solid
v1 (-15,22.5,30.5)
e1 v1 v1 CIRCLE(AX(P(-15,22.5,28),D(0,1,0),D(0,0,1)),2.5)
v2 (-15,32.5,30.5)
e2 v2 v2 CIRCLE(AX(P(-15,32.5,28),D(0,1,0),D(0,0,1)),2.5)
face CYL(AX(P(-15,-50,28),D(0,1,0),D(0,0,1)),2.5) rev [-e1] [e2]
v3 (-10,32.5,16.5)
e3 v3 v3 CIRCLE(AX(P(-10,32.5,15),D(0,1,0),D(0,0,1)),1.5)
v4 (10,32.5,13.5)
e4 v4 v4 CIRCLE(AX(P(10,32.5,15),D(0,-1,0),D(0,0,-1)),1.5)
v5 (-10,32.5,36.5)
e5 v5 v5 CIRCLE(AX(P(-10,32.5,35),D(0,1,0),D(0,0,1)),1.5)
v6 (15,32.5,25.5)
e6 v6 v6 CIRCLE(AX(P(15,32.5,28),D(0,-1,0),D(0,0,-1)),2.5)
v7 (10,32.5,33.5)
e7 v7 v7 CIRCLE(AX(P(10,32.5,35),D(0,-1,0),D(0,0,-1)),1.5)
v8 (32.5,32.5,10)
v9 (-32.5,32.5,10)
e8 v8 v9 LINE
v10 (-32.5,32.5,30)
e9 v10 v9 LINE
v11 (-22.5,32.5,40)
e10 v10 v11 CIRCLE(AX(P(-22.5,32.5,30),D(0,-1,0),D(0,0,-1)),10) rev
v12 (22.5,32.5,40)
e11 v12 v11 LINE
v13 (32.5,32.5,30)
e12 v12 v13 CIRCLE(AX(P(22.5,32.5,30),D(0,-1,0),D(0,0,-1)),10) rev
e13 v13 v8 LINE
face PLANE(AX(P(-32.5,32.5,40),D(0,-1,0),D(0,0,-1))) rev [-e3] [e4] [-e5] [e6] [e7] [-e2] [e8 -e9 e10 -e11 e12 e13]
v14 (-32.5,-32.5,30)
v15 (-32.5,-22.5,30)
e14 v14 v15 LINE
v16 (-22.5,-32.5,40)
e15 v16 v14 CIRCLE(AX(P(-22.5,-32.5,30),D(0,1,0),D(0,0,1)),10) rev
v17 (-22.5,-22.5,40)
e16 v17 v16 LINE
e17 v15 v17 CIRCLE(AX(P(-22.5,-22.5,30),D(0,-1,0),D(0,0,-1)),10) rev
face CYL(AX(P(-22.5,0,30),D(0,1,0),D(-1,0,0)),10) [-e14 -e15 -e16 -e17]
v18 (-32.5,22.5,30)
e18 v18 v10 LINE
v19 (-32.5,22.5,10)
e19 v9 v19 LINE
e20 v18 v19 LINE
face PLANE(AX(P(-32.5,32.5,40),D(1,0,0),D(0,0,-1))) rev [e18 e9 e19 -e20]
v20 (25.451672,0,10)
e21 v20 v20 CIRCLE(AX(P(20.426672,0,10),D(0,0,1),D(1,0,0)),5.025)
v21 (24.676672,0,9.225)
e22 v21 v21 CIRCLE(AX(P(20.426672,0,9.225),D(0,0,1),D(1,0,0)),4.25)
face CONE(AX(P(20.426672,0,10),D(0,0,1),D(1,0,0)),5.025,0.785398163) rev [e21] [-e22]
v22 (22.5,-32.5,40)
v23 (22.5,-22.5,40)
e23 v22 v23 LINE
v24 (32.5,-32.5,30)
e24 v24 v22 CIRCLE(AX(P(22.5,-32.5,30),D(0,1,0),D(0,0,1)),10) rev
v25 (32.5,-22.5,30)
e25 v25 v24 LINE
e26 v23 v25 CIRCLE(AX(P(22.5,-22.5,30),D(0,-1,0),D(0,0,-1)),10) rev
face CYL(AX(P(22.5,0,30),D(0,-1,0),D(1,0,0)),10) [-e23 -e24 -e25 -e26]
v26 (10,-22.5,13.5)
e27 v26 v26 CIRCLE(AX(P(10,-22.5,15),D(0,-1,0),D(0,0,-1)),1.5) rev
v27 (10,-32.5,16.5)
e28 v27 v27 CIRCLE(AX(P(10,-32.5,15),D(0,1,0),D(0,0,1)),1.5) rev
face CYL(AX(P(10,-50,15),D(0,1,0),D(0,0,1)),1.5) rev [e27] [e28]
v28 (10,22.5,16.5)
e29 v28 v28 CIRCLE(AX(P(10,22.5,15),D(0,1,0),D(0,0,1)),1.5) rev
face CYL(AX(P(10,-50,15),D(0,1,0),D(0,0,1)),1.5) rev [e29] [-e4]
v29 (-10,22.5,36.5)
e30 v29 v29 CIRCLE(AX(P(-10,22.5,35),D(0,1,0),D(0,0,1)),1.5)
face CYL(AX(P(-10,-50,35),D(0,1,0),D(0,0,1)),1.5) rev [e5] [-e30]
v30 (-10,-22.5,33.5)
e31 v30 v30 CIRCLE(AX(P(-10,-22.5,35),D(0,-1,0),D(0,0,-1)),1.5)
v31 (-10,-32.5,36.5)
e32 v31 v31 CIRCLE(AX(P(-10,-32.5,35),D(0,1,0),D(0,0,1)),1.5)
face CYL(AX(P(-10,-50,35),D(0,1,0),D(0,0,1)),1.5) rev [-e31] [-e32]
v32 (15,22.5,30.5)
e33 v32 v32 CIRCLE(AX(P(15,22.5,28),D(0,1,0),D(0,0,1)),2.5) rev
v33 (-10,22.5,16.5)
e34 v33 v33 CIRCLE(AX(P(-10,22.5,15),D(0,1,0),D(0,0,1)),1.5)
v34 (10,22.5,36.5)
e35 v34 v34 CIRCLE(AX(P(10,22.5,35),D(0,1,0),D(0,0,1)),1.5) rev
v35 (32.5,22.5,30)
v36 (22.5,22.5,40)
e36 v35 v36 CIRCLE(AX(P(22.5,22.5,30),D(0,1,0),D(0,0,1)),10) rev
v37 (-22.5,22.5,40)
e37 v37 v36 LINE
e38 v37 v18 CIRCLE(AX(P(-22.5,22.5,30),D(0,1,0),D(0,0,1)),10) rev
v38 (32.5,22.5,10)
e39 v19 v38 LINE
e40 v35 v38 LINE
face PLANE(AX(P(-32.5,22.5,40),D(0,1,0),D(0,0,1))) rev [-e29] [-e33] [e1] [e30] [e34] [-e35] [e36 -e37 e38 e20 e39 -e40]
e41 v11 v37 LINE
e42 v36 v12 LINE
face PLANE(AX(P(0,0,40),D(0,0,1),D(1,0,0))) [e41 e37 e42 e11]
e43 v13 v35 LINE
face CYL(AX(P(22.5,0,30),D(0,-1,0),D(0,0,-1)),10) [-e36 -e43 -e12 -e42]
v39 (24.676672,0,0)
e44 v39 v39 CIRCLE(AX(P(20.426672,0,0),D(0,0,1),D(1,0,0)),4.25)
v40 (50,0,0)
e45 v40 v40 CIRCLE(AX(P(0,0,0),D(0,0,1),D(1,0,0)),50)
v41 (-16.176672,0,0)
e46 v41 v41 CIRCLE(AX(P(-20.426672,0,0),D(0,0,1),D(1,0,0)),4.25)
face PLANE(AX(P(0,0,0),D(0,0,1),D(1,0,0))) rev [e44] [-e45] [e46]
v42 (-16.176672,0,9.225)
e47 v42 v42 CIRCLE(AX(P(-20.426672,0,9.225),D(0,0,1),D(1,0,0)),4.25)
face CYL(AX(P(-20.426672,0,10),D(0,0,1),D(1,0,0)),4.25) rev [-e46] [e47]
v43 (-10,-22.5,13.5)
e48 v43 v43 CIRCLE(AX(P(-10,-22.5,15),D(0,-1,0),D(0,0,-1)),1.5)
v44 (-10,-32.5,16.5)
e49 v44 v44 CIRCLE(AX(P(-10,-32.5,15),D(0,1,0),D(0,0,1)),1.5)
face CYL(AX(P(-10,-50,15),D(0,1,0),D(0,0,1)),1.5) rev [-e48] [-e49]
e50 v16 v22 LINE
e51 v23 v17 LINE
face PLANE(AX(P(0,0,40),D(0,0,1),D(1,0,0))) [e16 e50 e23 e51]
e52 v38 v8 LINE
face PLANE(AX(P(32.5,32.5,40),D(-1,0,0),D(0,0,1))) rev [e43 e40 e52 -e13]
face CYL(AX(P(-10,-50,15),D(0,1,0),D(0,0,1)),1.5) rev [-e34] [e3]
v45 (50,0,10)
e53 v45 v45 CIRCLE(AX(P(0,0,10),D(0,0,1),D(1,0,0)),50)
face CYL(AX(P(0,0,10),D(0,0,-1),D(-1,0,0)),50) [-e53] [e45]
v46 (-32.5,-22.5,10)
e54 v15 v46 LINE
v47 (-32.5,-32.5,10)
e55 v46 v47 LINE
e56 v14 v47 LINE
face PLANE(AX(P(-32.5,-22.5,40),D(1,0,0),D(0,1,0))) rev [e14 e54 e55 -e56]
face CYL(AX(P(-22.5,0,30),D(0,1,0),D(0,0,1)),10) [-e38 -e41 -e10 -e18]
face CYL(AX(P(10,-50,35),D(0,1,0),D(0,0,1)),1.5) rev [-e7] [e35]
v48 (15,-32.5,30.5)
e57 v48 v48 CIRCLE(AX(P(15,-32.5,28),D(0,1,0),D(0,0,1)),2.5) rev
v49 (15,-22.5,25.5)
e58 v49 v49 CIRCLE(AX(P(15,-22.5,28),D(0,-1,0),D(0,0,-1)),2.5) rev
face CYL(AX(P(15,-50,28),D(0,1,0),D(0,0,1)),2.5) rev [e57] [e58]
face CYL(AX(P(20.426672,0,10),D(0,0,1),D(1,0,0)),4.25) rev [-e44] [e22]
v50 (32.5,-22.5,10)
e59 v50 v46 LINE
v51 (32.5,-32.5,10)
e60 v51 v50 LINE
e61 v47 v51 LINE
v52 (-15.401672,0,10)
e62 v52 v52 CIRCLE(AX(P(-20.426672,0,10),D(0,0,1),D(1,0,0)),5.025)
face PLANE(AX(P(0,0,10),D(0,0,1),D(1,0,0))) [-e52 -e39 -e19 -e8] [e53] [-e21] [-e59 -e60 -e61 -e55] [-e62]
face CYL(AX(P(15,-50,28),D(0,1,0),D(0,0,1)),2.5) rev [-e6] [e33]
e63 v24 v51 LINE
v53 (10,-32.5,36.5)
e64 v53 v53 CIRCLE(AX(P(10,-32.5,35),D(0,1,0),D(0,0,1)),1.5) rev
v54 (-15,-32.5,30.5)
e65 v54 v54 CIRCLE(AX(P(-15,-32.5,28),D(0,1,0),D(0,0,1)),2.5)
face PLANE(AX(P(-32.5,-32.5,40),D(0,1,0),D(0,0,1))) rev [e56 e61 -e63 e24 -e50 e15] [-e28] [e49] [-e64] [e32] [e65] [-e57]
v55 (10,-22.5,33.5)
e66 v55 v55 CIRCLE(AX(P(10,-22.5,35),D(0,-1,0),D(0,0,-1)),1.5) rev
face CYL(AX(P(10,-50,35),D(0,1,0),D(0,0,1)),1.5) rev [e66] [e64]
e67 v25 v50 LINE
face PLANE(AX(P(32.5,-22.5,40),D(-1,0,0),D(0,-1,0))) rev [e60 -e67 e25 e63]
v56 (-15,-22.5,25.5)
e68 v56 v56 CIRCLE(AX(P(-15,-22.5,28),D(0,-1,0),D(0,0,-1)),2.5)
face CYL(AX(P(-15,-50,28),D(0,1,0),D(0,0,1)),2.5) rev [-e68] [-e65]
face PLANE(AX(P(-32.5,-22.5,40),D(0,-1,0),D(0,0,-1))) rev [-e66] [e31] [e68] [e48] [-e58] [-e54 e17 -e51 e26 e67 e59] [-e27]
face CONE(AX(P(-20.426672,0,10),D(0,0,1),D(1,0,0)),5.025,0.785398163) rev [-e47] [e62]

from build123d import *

# Parameters (mm, degrees)
SKETCH_1_R                    = 50
EXTRUDE_1_DEPTH               = 10
HOLE_WIZARD_M10_1_D           = 8.5
HOLE_WIZARD_M10_1_CSINK_D     = 10.05
HOLE_WIZARD_M10_1_CSINK_ANGLE = 90
SKETCH_9_W                    = 65
SKETCH_9_H                    = 10
EXTRUDE_3_DEPTH               = 30
FILLET_2_R                    = 10
SKETCH_14_R                   = 2.5
SKETCH_14_R_2                 = 1.5
CUT_EXTRUDE_3_DEPTH           = 105.432992871


with BuildPart() as part:
    # 草图1 → 凸台-拉伸1 (new body)
    with BuildSketch(Plane.XY):
        Circle(SKETCH_1_R)
    extrude(amount=EXTRUDE_1_DEPTH)

    # M10 螺纹孔1 (through all)
    with Locations(Plane.XY.offset(10)):
        with Locations((-20.426671729, 0)):
            hole_wizard_m10_1 = CounterSinkHole(HOLE_WIZARD_M10_1_D / 2, HOLE_WIZARD_M10_1_CSINK_D / 2, counter_sink_angle=HOLE_WIZARD_M10_1_CSINK_ANGLE)

    # 镜向2: M10 螺纹孔1 across plane
    add(hole_wizard_m10_1.mirror(Plane(origin=(0, 0, 0), x_dir=(0, 0, 1), z_dir=(1, 0, 0))), mode=Mode.SUBTRACT)

    # 草图9 → 凸台-拉伸3 (add)
    with BuildSketch(Plane.XY.offset(10)):
        with Locations((0, 27.5)):
            Rectangle(SKETCH_9_W, SKETCH_9_H)
        with Locations((0, -27.5)):
            Rectangle(SKETCH_9_W, SKETCH_9_H)
    extrude(amount=EXTRUDE_3_DEPTH)

    # 圆角2
    fillet_2_edges = [part.edges().sort_by_distance(p)[0] for p in [
        (32.5, -27.5, 40),
        (-32.5, -27.5, 40),
        (-32.5, 27.5, 40),
        (32.5, 27.5, 40),
    ]]
    fillet(fillet_2_edges, radius=FILLET_2_R)

    # 草图14 → 切除-拉伸3 (cut, through all)
    with BuildSketch(Plane(origin=(0, 32.5, 0), x_dir=(1, 0, 0), z_dir=(0, 1, 0))):
        with Locations(Location((-15, -28, 0), (0, 0, 270))):
            Circle(SKETCH_14_R)
        with Locations(Location((10, -15, 0), (0, 0, 270))):
            Circle(SKETCH_14_R_2)
        with Locations(Location((15, -28, 0), (0, 0, 270))):
            Circle(SKETCH_14_R)
        with Locations(Location((10, -35, 0), (0, 0, 270))):
            Circle(SKETCH_14_R_2)
        with Locations(Location((-10, -15, 0), (0, 0, 270))):
            Circle(SKETCH_14_R_2)
        with Locations(Location((-10, -35, 0), (0, 0, 270))):
            Circle(SKETCH_14_R_2)
    extrude(amount=-CUT_EXTRUDE_3_DEPTH, mode=Mode.SUBTRACT)


solid = part.part
